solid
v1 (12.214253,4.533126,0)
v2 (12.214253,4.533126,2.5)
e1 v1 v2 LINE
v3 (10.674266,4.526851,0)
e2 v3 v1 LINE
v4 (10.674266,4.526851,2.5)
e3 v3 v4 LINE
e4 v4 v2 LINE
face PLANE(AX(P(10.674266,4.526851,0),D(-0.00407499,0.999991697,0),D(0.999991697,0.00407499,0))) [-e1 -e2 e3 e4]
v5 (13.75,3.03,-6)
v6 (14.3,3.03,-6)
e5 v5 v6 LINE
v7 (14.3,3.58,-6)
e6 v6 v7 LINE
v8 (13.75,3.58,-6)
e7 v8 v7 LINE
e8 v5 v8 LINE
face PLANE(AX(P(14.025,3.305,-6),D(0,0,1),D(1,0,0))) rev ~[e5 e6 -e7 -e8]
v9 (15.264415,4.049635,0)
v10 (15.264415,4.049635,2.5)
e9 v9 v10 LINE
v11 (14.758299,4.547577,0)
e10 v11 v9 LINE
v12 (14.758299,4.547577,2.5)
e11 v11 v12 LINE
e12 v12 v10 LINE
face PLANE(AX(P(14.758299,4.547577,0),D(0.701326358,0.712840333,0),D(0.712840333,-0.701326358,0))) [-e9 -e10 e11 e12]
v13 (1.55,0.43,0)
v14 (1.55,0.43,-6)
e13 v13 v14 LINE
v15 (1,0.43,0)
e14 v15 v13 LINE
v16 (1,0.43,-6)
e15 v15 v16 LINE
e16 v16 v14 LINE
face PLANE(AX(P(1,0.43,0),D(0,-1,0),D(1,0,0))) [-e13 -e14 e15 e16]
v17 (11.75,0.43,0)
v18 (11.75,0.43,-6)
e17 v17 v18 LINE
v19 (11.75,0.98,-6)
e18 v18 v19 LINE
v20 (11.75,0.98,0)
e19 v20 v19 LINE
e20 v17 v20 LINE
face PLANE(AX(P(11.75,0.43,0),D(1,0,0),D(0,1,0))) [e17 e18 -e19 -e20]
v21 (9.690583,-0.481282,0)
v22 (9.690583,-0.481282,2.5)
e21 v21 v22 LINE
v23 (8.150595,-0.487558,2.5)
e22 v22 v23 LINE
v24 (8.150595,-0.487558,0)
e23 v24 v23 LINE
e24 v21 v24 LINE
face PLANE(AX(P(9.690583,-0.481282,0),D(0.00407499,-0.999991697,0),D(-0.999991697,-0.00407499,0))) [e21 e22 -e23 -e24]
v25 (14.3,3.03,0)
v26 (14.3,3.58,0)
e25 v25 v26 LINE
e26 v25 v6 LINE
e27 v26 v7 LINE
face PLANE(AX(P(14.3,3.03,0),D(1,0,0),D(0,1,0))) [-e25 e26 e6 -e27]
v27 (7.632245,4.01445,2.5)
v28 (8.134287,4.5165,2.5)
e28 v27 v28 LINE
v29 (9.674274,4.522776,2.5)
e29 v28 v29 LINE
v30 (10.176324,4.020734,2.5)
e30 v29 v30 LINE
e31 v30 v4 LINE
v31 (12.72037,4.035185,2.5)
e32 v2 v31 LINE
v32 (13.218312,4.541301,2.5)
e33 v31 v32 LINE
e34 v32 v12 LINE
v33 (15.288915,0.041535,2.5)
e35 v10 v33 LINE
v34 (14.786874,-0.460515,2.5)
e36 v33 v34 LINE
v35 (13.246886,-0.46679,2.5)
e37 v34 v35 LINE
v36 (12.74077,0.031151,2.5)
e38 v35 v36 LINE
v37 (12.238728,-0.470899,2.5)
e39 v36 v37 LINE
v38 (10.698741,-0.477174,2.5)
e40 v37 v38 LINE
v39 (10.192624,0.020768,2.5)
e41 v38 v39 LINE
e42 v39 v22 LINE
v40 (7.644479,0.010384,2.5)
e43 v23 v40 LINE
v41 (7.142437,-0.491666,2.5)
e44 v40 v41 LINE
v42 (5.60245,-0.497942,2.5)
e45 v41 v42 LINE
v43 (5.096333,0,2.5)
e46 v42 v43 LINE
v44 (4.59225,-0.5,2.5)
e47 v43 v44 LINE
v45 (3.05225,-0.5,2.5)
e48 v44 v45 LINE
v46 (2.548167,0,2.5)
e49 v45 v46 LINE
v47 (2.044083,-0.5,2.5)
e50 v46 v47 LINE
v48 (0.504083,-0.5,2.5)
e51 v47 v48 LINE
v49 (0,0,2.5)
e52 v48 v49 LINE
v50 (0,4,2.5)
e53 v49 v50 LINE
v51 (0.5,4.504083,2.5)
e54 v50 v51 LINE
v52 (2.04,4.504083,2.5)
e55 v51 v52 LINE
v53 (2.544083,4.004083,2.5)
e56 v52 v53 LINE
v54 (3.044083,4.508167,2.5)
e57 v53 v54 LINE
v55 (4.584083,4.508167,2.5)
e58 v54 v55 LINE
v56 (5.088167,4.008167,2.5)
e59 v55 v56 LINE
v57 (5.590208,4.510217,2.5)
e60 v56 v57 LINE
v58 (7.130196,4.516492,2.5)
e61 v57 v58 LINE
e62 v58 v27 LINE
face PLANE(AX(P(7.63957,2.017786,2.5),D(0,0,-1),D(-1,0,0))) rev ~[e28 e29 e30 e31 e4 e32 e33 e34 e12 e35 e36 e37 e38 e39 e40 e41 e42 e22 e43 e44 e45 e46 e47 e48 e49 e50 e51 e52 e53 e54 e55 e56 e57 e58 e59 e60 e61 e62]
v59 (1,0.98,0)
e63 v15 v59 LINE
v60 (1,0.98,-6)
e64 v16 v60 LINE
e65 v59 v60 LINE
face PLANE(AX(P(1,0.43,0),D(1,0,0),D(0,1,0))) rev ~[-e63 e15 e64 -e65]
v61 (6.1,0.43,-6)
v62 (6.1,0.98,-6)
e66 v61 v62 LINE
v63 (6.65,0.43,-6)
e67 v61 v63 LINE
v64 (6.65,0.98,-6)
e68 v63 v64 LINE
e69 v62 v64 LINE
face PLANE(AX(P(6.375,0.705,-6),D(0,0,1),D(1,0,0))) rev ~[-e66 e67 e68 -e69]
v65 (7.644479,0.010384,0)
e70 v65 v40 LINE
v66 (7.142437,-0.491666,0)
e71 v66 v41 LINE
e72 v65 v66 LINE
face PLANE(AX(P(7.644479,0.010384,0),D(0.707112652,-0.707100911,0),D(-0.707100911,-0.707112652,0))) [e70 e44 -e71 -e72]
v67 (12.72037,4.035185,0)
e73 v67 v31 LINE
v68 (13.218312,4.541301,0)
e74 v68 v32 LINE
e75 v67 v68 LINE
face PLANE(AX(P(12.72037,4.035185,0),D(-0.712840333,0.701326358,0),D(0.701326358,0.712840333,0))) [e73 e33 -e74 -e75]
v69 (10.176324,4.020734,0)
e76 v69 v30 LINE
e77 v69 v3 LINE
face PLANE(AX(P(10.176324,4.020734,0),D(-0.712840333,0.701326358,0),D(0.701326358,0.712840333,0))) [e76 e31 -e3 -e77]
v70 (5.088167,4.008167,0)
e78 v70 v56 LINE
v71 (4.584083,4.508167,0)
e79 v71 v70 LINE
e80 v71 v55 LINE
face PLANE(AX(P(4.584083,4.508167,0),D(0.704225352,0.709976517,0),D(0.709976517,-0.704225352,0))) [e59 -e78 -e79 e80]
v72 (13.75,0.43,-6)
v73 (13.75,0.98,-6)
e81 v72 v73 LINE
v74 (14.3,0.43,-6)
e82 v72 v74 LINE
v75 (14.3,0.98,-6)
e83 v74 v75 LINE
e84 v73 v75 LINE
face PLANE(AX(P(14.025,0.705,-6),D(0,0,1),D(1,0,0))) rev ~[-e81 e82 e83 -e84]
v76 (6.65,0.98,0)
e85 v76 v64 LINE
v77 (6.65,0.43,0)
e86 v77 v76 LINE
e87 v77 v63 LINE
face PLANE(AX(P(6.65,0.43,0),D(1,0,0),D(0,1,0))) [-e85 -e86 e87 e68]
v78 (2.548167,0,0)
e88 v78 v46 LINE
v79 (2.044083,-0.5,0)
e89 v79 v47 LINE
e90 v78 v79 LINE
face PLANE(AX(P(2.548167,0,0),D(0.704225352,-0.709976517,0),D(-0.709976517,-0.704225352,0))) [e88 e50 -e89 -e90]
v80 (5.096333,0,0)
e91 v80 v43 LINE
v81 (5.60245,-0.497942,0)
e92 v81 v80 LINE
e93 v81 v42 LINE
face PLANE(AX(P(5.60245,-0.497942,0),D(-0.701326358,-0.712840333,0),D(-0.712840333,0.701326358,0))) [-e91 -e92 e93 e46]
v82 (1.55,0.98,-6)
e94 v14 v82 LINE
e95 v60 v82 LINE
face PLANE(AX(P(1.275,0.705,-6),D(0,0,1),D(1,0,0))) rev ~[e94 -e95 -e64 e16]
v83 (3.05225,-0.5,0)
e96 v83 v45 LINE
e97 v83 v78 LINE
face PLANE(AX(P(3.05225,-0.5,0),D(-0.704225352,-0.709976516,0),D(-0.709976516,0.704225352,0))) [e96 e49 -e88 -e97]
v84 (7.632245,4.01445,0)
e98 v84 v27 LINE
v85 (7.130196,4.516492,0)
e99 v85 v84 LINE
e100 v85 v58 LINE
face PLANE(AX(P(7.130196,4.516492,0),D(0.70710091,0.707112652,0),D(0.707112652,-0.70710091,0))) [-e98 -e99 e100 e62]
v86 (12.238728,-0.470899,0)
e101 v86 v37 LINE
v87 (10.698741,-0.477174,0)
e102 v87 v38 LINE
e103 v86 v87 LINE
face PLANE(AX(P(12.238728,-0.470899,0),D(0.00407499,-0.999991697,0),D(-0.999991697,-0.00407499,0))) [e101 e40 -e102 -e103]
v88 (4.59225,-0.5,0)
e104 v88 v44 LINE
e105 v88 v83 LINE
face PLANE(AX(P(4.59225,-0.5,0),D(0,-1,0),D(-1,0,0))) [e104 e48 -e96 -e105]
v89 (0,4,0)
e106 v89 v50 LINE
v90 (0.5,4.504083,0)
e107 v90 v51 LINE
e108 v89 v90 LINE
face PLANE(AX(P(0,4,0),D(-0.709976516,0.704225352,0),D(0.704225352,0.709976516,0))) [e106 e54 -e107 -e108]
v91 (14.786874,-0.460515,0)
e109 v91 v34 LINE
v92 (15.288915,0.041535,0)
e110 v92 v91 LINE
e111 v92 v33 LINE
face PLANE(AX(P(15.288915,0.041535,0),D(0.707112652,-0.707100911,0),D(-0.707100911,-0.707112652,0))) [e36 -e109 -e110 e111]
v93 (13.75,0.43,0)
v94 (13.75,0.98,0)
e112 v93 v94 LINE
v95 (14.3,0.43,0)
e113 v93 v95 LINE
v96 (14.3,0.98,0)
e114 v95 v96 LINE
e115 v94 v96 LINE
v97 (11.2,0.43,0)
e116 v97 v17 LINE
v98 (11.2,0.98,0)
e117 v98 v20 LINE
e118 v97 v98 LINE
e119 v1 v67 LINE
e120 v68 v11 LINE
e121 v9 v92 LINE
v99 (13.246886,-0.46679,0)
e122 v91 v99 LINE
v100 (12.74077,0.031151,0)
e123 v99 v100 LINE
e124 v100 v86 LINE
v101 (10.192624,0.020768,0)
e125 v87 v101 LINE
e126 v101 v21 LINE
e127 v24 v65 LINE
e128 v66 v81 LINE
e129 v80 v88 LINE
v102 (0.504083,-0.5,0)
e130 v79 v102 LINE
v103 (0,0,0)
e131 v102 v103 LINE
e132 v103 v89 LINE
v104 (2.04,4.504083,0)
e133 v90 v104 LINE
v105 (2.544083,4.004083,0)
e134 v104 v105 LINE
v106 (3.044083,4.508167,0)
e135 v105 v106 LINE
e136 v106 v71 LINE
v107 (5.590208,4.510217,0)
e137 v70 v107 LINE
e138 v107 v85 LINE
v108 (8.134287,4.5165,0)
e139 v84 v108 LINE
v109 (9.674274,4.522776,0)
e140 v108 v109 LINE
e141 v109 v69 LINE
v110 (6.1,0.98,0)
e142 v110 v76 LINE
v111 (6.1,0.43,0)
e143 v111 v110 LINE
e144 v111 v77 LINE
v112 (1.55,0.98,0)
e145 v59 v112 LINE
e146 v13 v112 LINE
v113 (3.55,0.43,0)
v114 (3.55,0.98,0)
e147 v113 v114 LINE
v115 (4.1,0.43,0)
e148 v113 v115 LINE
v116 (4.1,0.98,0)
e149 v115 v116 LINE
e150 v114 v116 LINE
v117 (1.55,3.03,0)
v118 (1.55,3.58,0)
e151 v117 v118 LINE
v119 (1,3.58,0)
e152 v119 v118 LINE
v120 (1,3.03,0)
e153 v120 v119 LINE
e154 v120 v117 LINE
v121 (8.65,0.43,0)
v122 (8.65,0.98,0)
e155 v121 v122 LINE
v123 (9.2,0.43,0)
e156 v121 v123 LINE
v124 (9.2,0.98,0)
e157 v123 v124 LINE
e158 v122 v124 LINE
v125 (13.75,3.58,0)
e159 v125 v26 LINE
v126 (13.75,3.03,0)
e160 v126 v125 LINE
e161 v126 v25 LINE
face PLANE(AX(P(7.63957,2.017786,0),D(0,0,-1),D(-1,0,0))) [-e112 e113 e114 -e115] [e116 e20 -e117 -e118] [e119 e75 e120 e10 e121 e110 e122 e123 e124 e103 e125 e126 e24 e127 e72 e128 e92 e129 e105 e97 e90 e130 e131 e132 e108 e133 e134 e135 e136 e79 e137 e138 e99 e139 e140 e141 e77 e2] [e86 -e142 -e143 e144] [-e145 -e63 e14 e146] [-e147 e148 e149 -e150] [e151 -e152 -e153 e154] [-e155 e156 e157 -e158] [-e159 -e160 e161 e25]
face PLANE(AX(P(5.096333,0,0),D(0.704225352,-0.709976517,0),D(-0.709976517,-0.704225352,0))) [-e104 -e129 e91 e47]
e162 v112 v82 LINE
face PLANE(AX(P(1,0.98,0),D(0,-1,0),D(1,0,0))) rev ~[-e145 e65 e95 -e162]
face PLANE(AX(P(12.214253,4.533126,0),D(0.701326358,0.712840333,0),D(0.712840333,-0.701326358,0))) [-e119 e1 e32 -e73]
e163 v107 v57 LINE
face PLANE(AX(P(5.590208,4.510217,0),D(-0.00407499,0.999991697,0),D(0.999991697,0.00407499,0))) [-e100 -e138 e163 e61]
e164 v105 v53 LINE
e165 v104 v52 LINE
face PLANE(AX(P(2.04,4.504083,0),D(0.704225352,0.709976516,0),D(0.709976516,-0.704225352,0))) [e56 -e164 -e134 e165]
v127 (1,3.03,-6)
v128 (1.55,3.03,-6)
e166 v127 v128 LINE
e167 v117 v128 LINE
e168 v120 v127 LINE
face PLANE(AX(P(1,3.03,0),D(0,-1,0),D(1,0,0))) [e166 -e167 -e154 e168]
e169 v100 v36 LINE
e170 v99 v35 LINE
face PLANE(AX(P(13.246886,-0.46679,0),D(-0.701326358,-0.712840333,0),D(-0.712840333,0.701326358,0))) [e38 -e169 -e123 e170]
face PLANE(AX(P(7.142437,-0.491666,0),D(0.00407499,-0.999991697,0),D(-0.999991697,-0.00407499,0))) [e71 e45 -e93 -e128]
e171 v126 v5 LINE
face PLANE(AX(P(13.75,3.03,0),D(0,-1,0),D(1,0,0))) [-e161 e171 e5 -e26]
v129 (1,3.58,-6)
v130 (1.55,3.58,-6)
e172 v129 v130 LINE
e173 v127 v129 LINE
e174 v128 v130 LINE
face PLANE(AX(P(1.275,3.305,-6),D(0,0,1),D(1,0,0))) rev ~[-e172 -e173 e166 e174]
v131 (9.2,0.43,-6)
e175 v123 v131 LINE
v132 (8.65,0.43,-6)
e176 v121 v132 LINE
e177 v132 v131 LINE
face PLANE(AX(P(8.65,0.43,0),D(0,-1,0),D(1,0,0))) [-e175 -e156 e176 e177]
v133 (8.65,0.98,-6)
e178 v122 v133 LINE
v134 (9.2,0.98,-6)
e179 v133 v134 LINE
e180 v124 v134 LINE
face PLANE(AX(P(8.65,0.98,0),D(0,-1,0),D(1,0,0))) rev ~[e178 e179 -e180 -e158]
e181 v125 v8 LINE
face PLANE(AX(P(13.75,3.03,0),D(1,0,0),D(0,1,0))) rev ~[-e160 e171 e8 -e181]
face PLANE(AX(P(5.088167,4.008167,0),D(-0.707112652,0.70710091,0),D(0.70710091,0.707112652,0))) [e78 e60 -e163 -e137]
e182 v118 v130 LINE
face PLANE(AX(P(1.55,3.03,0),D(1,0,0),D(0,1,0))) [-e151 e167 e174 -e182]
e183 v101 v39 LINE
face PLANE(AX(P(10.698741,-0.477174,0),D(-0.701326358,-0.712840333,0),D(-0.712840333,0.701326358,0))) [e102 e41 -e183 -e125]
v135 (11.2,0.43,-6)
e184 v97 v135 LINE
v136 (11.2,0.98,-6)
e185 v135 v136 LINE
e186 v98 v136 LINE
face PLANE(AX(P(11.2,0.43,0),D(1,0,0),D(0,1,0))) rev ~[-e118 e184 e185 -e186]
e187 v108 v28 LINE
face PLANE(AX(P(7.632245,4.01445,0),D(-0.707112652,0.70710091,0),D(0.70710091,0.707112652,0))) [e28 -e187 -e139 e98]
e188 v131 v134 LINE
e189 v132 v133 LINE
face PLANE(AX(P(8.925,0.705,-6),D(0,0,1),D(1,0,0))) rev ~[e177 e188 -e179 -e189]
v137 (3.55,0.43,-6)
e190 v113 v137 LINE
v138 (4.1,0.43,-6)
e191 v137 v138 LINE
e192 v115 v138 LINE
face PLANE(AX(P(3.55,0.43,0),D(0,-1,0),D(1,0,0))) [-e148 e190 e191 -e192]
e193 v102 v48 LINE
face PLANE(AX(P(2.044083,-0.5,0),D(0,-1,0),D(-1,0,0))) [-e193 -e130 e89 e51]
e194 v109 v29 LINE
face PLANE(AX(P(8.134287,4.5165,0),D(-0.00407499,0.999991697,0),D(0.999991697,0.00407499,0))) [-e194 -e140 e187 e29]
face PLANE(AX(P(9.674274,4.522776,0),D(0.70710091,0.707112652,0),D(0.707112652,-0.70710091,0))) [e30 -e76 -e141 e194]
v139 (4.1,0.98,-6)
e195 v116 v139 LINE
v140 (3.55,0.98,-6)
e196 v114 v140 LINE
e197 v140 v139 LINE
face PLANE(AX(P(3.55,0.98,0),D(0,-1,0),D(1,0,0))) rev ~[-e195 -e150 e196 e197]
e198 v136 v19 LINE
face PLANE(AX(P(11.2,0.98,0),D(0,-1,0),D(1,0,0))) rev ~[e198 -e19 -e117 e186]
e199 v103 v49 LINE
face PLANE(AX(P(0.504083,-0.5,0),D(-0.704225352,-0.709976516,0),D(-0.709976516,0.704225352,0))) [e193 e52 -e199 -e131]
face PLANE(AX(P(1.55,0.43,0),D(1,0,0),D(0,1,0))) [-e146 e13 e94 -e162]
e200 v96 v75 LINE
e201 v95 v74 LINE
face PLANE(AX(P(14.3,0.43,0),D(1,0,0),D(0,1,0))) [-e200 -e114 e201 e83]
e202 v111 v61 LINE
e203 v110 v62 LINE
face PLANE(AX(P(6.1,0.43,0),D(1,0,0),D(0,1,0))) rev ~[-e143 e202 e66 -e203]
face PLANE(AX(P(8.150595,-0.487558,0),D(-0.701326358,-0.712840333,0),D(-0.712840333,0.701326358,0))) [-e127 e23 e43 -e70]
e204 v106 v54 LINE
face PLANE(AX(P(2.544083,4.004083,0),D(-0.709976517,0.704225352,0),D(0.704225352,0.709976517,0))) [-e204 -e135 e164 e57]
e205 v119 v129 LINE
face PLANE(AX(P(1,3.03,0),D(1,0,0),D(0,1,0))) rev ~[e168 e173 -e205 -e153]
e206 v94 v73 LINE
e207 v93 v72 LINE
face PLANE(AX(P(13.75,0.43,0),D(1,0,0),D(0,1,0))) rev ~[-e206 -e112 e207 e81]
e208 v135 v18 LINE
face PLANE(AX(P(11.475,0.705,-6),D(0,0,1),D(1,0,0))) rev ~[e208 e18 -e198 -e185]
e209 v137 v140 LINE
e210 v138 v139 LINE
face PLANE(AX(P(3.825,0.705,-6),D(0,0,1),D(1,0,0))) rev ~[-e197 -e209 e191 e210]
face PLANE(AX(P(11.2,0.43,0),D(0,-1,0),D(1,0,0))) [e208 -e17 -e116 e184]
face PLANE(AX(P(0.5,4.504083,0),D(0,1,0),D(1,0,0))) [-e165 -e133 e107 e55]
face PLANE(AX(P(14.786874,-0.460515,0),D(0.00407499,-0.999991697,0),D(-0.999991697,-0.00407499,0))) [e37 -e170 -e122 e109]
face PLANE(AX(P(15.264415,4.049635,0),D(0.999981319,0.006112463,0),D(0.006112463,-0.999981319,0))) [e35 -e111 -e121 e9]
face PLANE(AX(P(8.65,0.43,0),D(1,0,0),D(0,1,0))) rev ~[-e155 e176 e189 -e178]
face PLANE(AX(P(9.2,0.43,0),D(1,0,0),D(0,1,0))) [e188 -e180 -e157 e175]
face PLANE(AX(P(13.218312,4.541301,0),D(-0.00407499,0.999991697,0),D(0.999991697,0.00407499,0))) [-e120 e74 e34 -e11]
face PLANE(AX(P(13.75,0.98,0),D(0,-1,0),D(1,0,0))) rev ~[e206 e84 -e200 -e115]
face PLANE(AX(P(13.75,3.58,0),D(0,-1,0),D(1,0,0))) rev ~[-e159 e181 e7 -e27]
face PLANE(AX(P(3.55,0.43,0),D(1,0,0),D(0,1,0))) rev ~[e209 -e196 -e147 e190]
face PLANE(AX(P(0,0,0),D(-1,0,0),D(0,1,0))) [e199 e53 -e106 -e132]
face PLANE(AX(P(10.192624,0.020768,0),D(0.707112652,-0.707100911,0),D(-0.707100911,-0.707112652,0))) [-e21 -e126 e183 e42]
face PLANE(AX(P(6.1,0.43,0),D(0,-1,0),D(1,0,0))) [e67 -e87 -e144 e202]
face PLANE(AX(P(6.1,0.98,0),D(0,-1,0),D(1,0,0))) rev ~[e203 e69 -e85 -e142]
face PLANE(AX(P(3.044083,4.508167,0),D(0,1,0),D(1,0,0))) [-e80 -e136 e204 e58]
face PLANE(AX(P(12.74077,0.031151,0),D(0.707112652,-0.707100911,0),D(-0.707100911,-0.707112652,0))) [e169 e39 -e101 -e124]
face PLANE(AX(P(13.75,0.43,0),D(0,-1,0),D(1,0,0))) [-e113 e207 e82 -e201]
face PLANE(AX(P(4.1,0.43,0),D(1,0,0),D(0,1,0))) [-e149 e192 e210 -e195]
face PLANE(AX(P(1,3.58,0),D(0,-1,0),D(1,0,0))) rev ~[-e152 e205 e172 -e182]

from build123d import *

# Parameters (mm, degrees)
BOSS_EXTRUDE1_DEPTH = 2.5
SKETCH2_W           = 0.55
SKETCH2_H           = 0.55
BOSS_EXTRUDE2_DEPTH = 6


with BuildPart() as part:
    # Sketch1 → Boss-Extrude1 (new body)
    with BuildSketch(Plane.XY):
        Polygon((0, 0), (0, 4), (0.5, 4.504083326), (2.04, 4.504083326), (2.544083326, 4.004083326), (3.044083326, 4.508166653), (4.584083326, 4.508166653), (5.088166653, 4.008166653), (5.590208299, 4.510216636), (7.130195513, 4.51649212), (7.632245496, 4.014450474), (8.134287142, 4.516500457), (9.674274356, 4.522775941), (10.176324339, 4.020734295), (10.674266053, 4.526850931), (12.214253267, 4.533126415), (12.720369903, 4.035184701), (13.218311617, 4.541301337), (14.758298831, 4.547576821), (15.264415467, 4.049635107), (15.28891529, 0.041535012), (14.786873643, -0.460514971), (13.24688643, -0.466790455), (12.740769794, 0.031151259), (12.238728147, -0.470898724), (10.698740934, -0.477174208), (10.192624298, 0.020767506), (9.690582651, -0.481282477), (8.150595438, -0.487557961), (7.644478802, 0.010383753), (7.142437155, -0.49166623), (5.602449942, -0.497941714), (5.096333306, 0), (4.592249979, -0.5), (3.052249979, -0.5), (2.548166653, 0), (2.044083326, -0.5), (0.504083326, -0.5), align=None)
    extrude(amount=BOSS_EXTRUDE1_DEPTH)

    # Sketch2 → Boss-Extrude2 (add)
    with BuildSketch(Plane.XY):
        with Locations((6.375, 0.705)):
            Rectangle(SKETCH2_W, SKETCH2_H)
        with Locations((3.825, 0.705)):
            Rectangle(SKETCH2_W, SKETCH2_H)
        with Locations((14.025, 0.705)):
            Rectangle(SKETCH2_W, SKETCH2_H)
        with Locations((14.025, 3.305)):
            Rectangle(SKETCH2_W, SKETCH2_H)
        with Locations((8.925, 0.705)):
            Rectangle(SKETCH2_W, SKETCH2_H)
        with Locations((1.275, 0.705)):
            Rectangle(SKETCH2_W, SKETCH2_H)
        with Locations((11.475, 0.705)):
            Rectangle(SKETCH2_W, SKETCH2_H)
        with Locations((1.275, 3.305)):
            Rectangle(SKETCH2_W, SKETCH2_H)
    extrude(amount=-BOSS_EXTRUDE2_DEPTH)


solid = part.part
